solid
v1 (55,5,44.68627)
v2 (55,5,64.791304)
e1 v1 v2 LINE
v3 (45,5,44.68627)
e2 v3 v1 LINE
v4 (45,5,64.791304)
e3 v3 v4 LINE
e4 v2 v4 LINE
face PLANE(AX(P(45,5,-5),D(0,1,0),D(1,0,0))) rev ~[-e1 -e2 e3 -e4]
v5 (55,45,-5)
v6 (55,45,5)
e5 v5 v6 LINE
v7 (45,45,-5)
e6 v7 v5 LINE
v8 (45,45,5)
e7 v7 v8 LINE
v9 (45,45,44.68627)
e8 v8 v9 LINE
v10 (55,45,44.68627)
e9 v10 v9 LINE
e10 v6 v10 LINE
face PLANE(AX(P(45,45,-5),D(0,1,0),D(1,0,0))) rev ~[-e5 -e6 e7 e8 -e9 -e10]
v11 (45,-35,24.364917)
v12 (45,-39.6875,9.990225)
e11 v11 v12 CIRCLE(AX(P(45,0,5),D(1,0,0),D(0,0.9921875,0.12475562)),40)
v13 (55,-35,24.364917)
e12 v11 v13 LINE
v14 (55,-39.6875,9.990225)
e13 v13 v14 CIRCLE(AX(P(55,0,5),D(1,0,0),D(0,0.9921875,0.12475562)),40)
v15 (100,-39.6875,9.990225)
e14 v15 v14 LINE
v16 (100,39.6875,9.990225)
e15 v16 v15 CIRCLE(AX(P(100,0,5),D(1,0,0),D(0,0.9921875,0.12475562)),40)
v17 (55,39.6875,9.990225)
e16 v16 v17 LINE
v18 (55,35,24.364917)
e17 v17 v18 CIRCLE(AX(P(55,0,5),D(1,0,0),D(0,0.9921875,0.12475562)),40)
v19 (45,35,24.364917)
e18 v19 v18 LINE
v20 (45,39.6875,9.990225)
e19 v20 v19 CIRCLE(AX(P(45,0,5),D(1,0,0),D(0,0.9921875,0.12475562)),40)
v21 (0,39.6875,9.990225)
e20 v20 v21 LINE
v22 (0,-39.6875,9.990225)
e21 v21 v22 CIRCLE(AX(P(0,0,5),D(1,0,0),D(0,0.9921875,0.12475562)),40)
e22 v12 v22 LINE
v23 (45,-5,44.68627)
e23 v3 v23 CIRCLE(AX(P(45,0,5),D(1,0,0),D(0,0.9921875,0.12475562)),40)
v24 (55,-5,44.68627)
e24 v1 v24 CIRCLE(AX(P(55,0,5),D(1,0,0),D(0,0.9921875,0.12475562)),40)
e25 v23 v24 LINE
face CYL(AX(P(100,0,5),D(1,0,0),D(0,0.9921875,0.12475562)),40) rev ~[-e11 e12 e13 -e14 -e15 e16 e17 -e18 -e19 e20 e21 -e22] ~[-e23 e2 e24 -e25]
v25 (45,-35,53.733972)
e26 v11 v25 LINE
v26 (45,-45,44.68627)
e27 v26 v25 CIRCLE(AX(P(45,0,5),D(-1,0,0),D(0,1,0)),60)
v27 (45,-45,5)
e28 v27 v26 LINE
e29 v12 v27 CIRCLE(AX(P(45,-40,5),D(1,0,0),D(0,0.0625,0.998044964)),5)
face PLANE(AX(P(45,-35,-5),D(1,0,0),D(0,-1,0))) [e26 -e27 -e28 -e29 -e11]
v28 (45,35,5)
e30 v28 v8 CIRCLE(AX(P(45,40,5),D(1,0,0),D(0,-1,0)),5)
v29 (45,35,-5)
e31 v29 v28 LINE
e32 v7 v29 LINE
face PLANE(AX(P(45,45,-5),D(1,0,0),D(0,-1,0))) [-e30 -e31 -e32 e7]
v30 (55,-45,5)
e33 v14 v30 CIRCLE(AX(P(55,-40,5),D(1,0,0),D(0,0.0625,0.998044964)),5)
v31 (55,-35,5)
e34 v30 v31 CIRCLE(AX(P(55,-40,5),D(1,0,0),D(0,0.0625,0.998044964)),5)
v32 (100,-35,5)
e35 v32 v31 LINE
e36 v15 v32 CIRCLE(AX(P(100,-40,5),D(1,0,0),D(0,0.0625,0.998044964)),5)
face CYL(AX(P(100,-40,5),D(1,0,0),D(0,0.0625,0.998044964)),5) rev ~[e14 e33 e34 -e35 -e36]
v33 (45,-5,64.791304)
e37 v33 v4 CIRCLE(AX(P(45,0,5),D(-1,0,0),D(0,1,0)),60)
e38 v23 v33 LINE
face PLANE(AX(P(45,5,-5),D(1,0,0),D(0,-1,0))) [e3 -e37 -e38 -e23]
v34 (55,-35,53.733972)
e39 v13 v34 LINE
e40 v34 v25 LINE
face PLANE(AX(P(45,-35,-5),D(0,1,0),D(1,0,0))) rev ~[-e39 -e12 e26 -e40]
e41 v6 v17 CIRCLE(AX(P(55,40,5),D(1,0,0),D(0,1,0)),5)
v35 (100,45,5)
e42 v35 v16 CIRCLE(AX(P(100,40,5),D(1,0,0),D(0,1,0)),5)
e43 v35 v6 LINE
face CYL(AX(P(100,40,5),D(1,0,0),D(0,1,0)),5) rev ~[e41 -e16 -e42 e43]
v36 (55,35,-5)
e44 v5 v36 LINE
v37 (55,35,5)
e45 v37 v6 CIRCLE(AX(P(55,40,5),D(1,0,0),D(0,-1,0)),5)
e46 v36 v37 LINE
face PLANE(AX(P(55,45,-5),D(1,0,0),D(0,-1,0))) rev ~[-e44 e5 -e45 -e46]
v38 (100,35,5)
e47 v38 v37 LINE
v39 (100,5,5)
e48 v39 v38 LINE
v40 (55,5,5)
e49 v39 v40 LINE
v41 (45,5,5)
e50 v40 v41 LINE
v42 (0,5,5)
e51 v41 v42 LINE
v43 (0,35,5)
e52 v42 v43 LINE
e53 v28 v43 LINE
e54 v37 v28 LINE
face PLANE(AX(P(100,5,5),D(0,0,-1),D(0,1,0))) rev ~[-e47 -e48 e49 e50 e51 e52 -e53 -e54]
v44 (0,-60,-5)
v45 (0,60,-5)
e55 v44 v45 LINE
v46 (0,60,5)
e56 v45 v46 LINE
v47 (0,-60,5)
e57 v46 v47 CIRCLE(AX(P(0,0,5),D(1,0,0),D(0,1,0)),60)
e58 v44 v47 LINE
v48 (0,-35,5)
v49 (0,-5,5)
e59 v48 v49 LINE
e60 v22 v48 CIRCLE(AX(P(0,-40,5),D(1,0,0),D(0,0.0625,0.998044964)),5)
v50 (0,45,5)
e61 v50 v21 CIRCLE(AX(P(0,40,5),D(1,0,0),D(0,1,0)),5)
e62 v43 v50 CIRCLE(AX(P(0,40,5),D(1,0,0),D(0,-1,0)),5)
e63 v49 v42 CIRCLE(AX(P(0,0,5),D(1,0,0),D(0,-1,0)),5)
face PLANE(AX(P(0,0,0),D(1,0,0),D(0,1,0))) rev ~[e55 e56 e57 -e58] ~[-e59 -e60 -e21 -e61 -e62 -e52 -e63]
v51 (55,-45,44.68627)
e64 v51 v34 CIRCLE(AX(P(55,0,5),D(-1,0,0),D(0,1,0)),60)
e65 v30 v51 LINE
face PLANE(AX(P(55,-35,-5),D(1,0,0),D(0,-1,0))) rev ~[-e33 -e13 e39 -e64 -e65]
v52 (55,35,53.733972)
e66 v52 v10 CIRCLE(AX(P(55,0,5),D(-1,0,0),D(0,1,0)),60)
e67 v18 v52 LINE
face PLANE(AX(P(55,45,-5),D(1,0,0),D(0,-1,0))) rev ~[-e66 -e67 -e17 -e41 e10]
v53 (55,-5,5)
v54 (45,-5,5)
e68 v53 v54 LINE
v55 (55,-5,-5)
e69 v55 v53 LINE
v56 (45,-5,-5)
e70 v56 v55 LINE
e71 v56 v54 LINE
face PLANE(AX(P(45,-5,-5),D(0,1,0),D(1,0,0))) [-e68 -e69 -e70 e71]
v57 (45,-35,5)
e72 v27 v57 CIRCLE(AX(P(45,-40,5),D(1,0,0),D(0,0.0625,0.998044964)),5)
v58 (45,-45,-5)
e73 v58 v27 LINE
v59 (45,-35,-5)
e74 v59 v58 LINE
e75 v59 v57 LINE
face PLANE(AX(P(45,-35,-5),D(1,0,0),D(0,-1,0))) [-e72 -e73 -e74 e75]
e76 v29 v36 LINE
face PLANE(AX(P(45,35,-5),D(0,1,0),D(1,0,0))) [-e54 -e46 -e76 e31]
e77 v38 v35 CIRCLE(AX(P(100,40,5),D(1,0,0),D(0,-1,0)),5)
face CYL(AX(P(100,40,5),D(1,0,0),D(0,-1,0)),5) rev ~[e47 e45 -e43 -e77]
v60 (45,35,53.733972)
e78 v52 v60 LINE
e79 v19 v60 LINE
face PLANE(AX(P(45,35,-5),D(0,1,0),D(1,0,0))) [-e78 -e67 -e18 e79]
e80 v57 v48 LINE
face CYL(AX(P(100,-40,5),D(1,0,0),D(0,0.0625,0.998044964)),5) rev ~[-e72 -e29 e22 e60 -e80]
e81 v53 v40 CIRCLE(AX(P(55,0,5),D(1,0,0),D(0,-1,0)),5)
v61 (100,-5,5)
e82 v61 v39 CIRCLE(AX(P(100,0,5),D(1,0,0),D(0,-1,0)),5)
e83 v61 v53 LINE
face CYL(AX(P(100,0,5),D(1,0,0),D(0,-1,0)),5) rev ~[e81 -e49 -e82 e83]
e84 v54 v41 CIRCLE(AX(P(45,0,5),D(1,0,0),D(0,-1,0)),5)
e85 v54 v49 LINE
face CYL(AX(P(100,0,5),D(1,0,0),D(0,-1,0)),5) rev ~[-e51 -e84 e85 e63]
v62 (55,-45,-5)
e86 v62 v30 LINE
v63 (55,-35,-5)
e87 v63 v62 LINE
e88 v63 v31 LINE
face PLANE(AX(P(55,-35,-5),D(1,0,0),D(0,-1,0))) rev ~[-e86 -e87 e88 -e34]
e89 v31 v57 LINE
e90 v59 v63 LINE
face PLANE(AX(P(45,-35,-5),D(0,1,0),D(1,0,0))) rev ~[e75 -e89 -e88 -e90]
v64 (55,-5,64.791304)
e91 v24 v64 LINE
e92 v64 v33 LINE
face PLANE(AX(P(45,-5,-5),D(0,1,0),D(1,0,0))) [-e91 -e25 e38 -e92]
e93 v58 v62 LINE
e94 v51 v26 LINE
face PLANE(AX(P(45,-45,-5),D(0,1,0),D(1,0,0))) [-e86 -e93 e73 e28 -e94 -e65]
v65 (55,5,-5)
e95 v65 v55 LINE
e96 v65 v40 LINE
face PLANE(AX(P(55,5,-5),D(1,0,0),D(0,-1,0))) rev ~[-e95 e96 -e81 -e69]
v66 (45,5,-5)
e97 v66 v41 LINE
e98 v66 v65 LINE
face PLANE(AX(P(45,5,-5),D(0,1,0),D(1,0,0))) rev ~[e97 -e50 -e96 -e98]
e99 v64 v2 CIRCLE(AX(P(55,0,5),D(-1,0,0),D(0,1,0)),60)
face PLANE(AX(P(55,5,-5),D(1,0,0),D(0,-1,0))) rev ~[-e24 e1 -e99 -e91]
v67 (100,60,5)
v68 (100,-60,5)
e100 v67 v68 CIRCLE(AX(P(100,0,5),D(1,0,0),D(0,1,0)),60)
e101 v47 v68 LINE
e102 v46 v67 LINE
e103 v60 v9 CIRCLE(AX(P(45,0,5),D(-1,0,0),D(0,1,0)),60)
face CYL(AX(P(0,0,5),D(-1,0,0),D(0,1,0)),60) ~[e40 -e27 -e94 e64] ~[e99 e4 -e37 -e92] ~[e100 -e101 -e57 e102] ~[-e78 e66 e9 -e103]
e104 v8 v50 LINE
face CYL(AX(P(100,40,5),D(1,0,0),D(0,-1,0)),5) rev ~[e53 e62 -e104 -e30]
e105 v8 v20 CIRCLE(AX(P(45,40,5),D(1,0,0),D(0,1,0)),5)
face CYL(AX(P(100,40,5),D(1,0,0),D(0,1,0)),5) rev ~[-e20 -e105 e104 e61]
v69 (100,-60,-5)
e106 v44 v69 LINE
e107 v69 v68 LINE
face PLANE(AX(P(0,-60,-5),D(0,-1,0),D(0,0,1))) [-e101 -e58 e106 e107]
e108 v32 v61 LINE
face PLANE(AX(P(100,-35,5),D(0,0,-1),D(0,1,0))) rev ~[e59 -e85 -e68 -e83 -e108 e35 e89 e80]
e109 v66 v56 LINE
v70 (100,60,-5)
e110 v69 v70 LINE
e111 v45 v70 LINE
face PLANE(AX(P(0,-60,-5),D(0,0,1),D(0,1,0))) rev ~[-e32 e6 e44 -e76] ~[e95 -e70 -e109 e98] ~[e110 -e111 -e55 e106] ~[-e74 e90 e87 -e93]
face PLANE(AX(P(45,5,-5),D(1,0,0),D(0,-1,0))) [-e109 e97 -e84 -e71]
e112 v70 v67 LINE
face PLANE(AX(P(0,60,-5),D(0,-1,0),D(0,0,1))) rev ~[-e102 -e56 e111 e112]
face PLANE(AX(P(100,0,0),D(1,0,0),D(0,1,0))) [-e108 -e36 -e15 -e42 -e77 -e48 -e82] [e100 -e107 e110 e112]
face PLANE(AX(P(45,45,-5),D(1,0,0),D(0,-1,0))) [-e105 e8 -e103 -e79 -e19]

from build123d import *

# Parameters (mm, degrees)
F0_W     = 120
F0_H     = 10
F1_DEPTH = 100
F3_DEPTH = 100.001
F4_W     = 10
F4_H     = 10
F5_DEPTH = 70.001


with BuildPart() as f1:
    # F0 (on Right) → F1 (new body)
    with BuildSketch(Plane.YZ):
        Rectangle(F0_W, F0_H)
        with BuildLine():
            Line((-60, 5), (60, 5))
            ThreePointArc((60, 5), (0, 65), (-60, 5))
        make_face()
    extrude(amount=F1_DEPTH)

    # F2 (on face) → F3 (cut, through all)
    with BuildSketch(Plane.YZ.offset(100)):
        with BuildLine():
            Line((-5, 5), (5, 5))
            ThreePointArc((5, 5), (0, 10), (-5, 5))
        make_face()
        with BuildLine():
            ThreePointArc((-5, 5), (0, 0), (5, 5))
            Line((5, 5), (-5, 5))
        make_face()
        with BuildLine():
            ThreePointArc((-5, 5), (0, 10), (5, 5))
            Line((5, 5), (35, 5))
            ThreePointArc((35, 5), (36.3556550657, 8.4232659844), (39.6875, 9.9902248196))
            ThreePointArc((39.6875, 9.9902248196), (0, 45), (-39.6875, 9.9902248196))
            ThreePointArc((-39.6875, 9.9902248196), (-36.3556550657, 8.4232659844), (-35, 5))
            Line((-35, 5), (-5, 5))
        make_face()
        with BuildLine():
            Line((40, 5), (35, 5))
            ThreePointArc((35, 5), (40, 0), (45, 5))
            ThreePointArc((45, 5), (43.4232659844, 8.6443449343), (39.6875, 9.9902248196))
            ThreePointArc((39.6875, 9.9902248196), (39.9217985567, 7.5), (40, 5))
        make_face()
        with BuildLine():
            ThreePointArc((39.6875, 9.9902248196), (36.3556550657, 8.4232659844), (35, 5))
            Line((35, 5), (40, 5))
            ThreePointArc((40, 5), (39.9217985567, 7.5), (39.6875, 9.9902248196))
        make_face()
        with BuildLine():
            Line((-40, 5), (-35, 5))
            ThreePointArc((-35, 5), (-36.3556550657, 8.4232659844), (-39.6875, 9.9902248196))
            ThreePointArc((-39.6875, 9.9902248196), (-39.9217985567, 7.5), (-40, 5))
        make_face()
        with BuildLine():
            ThreePointArc((-39.6875, 9.9902248196), (-43.6443449343, 1.5767340156), (-35, 5))
            Line((-35, 5), (-40, 5))
            ThreePointArc((-40, 5), (-39.9217985567, 7.5), (-39.6875, 9.9902248196))
        make_face()
    extrude(amount=-F3_DEPTH, mode=Mode.SUBTRACT)

    # F4 (on face) → F5 (cut, through all)
    with BuildSketch(Plane(origin=(0, 0, -5), x_dir=(1, 0, 0), z_dir=(0, 0, -1))):
        with Locations((50, 0)):
            Rectangle(F4_W, F4_H)
        with Locations((50, -40)):
            Rectangle(F4_W, F4_H)
        with Locations((50, 40)):
            Rectangle(F4_W, F4_H)
    extrude(amount=-F5_DEPTH, mode=Mode.SUBTRACT)


solid = f1.part
